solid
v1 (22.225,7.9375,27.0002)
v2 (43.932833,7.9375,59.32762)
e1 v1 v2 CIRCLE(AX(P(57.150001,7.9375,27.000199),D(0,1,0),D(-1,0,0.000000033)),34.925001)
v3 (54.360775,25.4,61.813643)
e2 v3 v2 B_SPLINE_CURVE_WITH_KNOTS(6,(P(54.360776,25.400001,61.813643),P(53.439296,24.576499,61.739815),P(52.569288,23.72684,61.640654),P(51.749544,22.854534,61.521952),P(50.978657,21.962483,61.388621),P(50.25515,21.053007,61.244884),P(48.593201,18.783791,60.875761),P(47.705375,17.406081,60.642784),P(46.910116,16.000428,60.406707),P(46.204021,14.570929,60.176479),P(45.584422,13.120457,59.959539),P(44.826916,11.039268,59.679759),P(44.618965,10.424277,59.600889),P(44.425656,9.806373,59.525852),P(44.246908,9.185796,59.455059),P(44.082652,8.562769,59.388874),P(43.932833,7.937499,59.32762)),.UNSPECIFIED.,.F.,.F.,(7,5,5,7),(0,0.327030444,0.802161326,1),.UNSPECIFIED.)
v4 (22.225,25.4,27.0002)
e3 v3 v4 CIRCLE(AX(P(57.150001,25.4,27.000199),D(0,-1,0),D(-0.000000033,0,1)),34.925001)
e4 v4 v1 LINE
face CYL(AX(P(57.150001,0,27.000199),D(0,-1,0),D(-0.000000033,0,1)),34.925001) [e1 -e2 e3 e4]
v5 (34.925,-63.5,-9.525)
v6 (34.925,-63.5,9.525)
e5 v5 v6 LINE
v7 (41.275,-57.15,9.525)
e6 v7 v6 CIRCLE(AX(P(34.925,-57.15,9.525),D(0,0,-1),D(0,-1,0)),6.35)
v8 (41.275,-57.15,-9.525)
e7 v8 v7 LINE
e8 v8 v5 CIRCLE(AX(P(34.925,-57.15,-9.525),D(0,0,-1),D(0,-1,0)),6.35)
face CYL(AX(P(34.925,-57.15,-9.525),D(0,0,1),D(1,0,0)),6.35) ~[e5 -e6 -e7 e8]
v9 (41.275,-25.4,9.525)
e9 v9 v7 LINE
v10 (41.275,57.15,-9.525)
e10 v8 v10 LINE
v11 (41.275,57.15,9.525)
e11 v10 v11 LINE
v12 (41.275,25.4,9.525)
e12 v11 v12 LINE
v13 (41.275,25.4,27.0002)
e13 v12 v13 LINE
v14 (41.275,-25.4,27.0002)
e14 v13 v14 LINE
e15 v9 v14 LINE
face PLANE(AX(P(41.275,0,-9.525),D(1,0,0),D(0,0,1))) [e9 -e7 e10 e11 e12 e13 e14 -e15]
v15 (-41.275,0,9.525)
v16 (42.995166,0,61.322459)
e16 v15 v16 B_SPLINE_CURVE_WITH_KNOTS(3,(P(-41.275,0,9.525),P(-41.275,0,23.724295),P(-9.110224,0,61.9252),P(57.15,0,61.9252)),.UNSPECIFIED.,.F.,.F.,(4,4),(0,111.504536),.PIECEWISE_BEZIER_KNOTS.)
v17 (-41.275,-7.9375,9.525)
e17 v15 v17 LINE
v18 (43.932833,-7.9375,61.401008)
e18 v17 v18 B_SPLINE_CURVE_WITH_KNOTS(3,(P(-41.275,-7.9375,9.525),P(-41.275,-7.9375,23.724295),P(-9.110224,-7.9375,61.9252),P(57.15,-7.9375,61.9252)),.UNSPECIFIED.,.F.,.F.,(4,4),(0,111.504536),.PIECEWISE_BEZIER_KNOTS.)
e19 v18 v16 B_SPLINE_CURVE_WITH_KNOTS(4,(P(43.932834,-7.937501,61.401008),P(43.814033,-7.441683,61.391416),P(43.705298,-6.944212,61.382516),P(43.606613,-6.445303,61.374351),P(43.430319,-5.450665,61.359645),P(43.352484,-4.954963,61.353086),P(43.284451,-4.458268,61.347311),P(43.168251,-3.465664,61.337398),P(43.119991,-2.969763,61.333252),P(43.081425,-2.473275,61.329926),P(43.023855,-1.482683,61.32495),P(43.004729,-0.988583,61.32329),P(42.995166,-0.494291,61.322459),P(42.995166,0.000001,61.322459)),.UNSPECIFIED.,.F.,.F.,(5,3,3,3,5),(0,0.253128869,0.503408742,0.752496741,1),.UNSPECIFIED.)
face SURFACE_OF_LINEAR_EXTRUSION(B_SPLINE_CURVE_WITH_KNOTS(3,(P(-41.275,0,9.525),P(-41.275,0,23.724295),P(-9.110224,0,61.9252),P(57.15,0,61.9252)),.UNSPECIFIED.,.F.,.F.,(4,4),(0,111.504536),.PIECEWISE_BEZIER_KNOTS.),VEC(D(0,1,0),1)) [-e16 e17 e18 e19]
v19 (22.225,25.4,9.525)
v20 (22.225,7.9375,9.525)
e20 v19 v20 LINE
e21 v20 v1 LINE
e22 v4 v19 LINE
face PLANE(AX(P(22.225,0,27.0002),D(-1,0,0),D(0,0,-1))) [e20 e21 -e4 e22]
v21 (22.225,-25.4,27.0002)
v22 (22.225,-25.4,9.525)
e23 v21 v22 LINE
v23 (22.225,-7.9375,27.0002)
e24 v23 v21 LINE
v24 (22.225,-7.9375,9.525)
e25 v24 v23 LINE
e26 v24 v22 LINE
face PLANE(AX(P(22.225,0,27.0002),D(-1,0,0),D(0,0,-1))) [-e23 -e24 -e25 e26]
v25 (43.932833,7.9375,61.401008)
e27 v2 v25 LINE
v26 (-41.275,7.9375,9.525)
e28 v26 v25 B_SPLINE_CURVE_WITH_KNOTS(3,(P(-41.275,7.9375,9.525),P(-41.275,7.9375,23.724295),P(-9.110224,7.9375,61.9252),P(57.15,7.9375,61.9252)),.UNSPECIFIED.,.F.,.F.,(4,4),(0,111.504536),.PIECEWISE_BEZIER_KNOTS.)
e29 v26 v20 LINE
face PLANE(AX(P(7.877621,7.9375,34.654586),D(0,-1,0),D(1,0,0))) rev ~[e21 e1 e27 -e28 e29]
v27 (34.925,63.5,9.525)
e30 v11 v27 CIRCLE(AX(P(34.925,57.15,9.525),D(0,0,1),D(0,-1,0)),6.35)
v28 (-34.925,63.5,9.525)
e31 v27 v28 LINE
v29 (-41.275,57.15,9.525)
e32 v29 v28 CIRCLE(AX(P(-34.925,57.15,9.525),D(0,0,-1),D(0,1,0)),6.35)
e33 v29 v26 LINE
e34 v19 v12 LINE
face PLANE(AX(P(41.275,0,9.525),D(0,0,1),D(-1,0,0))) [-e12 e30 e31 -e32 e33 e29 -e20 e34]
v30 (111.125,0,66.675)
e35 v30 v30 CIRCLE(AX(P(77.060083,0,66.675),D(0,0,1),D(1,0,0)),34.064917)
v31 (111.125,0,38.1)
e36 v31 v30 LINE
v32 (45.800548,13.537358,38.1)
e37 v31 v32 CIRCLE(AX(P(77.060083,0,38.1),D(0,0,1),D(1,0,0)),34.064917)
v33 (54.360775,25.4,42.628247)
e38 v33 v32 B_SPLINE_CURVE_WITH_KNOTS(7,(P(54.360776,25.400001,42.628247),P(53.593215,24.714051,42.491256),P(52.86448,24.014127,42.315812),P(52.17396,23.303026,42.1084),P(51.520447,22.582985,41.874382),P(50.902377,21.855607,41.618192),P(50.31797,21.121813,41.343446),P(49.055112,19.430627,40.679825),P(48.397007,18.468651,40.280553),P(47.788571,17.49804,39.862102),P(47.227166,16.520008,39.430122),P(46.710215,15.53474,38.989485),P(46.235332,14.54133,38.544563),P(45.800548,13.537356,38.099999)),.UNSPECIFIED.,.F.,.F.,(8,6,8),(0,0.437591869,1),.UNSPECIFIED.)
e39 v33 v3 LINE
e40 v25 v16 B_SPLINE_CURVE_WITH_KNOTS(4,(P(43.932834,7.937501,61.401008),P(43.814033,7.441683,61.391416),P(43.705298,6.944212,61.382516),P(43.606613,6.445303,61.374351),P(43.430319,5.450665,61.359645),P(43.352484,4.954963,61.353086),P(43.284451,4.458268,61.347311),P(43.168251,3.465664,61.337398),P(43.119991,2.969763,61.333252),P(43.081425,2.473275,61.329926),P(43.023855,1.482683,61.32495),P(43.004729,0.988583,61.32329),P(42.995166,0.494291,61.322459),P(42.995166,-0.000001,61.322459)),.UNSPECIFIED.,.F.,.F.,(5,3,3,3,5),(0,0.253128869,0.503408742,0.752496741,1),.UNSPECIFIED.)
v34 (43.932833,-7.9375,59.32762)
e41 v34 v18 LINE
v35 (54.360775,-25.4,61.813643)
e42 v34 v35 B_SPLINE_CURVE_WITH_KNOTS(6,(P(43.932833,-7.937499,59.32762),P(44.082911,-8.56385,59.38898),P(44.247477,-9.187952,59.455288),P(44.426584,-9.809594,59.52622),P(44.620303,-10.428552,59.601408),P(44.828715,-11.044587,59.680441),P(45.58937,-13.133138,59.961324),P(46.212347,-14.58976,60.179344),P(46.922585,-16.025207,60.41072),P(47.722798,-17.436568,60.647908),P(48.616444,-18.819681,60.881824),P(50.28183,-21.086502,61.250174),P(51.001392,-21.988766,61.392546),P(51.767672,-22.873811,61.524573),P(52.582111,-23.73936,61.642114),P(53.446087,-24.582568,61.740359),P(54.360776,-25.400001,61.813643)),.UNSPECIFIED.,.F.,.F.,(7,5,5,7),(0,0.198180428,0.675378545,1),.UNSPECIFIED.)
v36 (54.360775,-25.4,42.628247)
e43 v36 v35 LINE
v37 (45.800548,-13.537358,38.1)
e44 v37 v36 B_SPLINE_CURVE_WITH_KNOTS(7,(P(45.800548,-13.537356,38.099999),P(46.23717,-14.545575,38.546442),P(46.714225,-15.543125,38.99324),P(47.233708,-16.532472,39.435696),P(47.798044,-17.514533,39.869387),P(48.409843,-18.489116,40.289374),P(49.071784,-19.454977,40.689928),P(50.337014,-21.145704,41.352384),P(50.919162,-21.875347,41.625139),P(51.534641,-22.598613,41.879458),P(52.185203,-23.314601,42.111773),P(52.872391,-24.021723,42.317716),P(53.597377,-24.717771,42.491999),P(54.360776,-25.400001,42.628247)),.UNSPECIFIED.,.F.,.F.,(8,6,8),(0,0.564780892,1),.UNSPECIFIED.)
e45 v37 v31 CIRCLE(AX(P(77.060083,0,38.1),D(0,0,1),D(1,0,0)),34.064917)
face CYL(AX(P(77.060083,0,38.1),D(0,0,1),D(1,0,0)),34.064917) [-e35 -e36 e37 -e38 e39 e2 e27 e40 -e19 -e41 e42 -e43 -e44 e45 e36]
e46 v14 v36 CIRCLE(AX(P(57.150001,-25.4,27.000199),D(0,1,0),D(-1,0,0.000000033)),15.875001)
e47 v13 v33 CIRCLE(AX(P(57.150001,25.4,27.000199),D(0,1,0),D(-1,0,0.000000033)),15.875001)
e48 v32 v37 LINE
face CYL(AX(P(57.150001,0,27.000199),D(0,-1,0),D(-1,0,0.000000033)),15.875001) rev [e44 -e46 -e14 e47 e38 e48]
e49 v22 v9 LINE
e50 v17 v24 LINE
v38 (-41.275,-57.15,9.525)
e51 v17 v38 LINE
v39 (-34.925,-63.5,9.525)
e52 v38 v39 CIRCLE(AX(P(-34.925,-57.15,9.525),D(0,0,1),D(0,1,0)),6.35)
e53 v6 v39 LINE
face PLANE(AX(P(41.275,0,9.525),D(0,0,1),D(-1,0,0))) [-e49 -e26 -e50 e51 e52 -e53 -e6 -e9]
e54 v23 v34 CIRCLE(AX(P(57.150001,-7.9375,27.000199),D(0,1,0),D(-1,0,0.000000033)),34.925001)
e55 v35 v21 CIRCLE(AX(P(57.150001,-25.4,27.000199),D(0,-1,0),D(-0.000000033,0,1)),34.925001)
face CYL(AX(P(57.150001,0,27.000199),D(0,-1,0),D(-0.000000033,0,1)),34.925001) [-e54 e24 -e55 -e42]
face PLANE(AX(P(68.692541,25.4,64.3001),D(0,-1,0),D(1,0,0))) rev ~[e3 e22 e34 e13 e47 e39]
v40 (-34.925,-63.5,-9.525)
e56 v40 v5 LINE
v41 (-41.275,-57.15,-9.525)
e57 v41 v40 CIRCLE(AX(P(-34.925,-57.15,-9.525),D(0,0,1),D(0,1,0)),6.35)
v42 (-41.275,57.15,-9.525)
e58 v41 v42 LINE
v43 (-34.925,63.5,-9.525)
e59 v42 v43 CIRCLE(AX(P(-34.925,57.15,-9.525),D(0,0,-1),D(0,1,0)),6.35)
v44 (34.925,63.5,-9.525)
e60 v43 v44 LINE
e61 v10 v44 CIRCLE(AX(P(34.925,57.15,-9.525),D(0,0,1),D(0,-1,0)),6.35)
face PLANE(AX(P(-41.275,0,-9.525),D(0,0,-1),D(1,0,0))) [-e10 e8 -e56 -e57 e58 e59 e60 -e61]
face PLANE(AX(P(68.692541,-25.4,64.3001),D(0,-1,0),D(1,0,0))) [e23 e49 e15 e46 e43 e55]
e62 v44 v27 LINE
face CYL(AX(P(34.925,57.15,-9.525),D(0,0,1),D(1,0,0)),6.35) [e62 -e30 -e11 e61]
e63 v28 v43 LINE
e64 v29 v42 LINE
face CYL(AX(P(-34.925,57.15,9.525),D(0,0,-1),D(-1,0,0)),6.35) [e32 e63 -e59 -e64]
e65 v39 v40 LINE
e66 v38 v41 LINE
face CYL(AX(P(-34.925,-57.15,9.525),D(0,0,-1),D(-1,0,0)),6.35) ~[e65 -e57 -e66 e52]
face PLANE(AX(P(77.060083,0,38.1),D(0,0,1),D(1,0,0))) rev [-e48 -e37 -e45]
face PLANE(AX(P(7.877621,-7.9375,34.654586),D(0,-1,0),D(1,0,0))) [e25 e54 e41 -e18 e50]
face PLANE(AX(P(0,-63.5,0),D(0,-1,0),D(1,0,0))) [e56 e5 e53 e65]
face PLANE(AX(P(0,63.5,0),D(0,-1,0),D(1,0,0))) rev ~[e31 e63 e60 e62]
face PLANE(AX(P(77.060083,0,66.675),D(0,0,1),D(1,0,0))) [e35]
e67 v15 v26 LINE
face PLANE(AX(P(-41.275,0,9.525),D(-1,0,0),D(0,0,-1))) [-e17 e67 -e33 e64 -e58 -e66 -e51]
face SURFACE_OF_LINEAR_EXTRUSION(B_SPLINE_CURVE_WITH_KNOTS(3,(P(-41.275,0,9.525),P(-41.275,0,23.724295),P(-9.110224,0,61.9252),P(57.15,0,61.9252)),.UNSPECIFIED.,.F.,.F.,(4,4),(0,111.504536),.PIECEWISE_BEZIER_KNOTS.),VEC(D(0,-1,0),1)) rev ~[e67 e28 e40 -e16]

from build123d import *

# Parameters (mm, degrees)
F1_DEPTH = 63.5
F0_W     = 16.735083
F0_H     = 4.7498
F2_DEPTH = 25.4
F3_DEPTH = 7.9375
F5_R     = 6.35


with BuildPart() as f1:
    # F0 (on Front) → F1 (new body, symmetric)
    with BuildSketch(Plane.XZ):
        Polygon((41.275, -9.525), (41.275, 9.525), (22.225, 9.525), (-41.275, 9.525), (-41.275, -9.525), align=None)
    extrude(amount=F1_DEPTH, both=True)

    # F0 (on Front) → F2 (join, symmetric)
    with BuildSketch(Plane.XZ):
        with Locations((68.692541, 64.3001)):
            Rectangle(F0_W, F0_H)
        with BuildLine():
            Line((22.225, 9.525), (41.275, 9.525))
            Line((41.275, 9.525), (41.275, 27.0002))
            ThreePointArc((41.275, 27.0002), (45.92468, 38.22552), (57.15, 42.8752))
            Line((57.15, 42.8752), (60.325, 42.8752))
            Line((60.325, 42.8752), (60.325, 61.9252))
            Line((60.325, 61.9252), (57.15, 61.9252))
            ThreePointArc((57.15, 61.9252), (32.454296, 51.695904), (22.225, 27.0002))
            Line((22.225, 27.0002), (22.225, 9.525))
        make_face()
    extrude(amount=F2_DEPTH, both=True)

    # F0 (on Front) → F3 (join, symmetric)
    with BuildSketch(Plane.XZ):
        with BuildLine():
            Line((-41.275, 9.525), (22.225, 9.525))
            Line((22.225, 9.525), (22.225, 27.0002))
            ThreePointArc((22.225, 27.0002), (32.454296, 51.695904), (57.15, 61.9252))
            add(Edge.make_bspline(
                [(-41.275, 9.525), (-41.275, 23.724295), (-9.110224, 61.9252), (57.15, 61.9252)],
                knots=[0, 0, 0, 0, 111.504536, 111.504536, 111.504536, 111.504536], degree=3))
        make_face()
    extrude(amount=F3_DEPTH, both=True)

    # F0 (on Front) → F4 (revolve)
    with BuildSketch(Plane.XZ):
        Polygon((77.060083, 61.9252), (77.060083, 42.8752), (77.060083, 38.1), (111.125, 38.1), (111.125, 66.675), (77.060083, 66.675), align=None)
    revolve(axis=Axis((77.060083, 0, 52.3875), (0, 0, 1)))

    # F5
    f5_edges = [f1.edges().sort_by_distance(p)[0] for p in [
        (41.275, -63.5, 0),
        (-41.275, -63.5, 0),
        (-41.275, 63.5, 0),
        (41.275, 63.5, 0),
    ]]
    fillet(f5_edges, radius=F5_R)


solid = f1.part
